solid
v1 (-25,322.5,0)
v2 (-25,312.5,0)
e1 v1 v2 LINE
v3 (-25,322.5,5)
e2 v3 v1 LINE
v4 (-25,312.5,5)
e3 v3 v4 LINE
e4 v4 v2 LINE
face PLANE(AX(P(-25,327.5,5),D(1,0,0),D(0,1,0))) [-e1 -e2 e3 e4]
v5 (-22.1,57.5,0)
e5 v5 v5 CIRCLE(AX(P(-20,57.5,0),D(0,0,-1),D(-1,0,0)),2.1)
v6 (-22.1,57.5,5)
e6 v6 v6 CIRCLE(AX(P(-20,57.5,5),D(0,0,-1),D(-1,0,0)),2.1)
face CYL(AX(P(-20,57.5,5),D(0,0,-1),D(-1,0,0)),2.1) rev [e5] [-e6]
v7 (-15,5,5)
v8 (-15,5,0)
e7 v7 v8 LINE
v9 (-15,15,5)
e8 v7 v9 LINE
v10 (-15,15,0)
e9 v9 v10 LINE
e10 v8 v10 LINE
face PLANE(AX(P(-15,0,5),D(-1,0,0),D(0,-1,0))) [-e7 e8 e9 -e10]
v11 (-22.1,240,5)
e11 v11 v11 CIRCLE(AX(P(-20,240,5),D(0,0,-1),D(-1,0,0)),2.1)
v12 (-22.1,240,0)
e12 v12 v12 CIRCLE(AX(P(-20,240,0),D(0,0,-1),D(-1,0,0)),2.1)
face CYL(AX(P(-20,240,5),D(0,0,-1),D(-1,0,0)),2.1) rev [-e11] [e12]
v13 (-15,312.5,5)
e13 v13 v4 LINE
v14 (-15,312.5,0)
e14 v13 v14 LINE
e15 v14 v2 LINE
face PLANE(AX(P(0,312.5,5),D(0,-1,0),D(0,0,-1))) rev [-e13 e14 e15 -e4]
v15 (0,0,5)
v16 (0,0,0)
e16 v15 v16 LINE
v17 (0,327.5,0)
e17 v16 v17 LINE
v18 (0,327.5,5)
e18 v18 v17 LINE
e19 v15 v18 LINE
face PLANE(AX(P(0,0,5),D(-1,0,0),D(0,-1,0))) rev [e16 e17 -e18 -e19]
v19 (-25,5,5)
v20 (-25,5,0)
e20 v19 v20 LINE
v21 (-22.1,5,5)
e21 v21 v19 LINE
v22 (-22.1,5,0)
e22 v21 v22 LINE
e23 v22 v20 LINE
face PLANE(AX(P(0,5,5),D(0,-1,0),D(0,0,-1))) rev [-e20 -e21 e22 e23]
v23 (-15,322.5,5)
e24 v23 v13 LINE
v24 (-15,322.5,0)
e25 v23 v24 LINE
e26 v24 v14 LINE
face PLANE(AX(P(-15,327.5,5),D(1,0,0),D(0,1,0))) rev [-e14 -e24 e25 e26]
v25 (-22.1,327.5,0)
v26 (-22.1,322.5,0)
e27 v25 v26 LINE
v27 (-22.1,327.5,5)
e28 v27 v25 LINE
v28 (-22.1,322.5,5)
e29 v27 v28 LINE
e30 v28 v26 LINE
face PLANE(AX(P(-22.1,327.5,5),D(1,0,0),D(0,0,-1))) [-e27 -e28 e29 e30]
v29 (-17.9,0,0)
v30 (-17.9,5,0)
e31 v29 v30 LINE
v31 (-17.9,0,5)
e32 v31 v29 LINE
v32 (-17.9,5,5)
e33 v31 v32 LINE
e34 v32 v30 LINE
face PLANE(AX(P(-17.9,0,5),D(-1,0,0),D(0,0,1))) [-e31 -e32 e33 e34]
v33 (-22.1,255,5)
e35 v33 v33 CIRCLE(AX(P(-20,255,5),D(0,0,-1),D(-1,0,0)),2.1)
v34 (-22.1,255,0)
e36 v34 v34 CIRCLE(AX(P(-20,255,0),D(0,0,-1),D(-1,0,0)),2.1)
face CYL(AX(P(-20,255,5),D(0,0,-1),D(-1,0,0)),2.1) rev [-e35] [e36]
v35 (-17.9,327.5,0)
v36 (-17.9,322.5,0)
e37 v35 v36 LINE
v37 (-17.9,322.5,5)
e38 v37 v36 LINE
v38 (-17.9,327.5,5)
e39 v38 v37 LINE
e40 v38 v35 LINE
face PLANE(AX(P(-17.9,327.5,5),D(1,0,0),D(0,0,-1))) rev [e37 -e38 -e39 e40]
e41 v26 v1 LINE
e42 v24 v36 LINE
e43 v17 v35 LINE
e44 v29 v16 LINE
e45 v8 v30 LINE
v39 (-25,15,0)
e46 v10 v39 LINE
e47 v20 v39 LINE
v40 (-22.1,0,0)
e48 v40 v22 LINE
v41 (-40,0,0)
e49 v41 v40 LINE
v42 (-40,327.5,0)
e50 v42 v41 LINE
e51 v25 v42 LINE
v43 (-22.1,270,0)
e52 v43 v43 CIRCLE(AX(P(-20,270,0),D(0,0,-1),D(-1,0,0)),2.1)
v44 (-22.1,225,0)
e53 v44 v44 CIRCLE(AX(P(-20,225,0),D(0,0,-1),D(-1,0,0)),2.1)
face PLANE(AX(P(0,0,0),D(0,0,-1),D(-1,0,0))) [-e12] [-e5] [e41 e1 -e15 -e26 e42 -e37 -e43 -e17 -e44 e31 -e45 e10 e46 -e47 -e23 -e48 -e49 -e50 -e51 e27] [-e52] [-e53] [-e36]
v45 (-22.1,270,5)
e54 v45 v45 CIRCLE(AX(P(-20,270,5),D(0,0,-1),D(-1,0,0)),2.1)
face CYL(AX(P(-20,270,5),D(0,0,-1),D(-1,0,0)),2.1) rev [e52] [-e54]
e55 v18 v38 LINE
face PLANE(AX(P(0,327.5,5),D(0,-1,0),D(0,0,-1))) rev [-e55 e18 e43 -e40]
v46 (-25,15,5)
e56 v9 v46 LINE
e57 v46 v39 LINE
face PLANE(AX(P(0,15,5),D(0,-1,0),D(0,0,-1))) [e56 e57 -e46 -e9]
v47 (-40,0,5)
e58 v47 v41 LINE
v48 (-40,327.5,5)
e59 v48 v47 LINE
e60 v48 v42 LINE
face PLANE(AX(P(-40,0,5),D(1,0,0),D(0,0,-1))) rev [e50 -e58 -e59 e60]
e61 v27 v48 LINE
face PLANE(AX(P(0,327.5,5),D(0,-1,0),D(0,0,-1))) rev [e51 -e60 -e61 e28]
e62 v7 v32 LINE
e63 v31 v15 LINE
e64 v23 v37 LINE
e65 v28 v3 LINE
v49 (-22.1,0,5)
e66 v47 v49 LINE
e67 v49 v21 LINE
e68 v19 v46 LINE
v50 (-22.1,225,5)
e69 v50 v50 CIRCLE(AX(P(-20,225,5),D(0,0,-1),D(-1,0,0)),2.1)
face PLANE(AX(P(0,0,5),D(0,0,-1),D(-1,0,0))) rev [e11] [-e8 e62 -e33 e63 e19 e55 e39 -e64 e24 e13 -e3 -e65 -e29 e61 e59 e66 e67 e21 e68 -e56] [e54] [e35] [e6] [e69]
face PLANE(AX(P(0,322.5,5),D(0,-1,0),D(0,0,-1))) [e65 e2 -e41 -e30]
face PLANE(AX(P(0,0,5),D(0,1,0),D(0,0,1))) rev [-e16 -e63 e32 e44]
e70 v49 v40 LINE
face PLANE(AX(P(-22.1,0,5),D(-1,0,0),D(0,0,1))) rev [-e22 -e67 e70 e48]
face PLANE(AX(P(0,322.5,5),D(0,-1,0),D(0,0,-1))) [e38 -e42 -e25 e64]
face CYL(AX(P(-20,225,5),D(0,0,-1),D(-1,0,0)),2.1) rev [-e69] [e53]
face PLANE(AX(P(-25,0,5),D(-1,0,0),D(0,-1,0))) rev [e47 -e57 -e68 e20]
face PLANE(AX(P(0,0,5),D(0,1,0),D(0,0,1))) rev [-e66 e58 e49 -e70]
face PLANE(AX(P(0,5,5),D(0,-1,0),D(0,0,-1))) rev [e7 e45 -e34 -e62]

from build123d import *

# Parameters (mm, degrees)
SKETCH1_W           = 40
SKETCH1_H           = 327.5
BOSS_EXTRUDE1_DEPTH = 5
SKETCH2_R           = 2.1
CUT_EXTRUDE1_DEPTH  = 5
CUT_EXTRUDE2_DEPTH  = 5


with BuildPart() as part:
    # Sketch1 → Boss-Extrude1 (new body)
    with BuildSketch(Plane.XY):
        with Locations((-20, 163.75)):
            Rectangle(SKETCH1_W, SKETCH1_H)
    extrude(amount=BOSS_EXTRUDE1_DEPTH)

    # Sketch2 → Cut-Extrude1 (cut)
    with BuildSketch(Plane(origin=(0, 0, 0), x_dir=(-1, 0, 0), z_dir=(0, 0, -1))):
        with Locations((20, 57.5)):
            Circle(SKETCH2_R)
        with Locations((20, 270)):
            Circle(SKETCH2_R)
        with Locations((20, 255)):
            Circle(SKETCH2_R)
        with Locations((20, 240)):
            Circle(SKETCH2_R)
        with Locations((20, 225)):
            Circle(SKETCH2_R)
    extrude(amount=-CUT_EXTRUDE1_DEPTH, mode=Mode.SUBTRACT)

    # Sketch3 → Cut-Extrude2 (cut)
    with BuildSketch(Plane(origin=(0, 0, 0), x_dir=(-1, 0, 0), z_dir=(0, 0, -1))):
        Polygon((17.9, 0), (22.1, 0), (22.1, 5), (25, 5), (25, 15), (15, 15), (15, 5), (17.9, 5), align=None)
    cut_extrude2 = extrude(amount=-CUT_EXTRUDE2_DEPTH, mode=Mode.SUBTRACT)

    # Mirror1: Cut-Extrude2 across plane
    add(cut_extrude2.mirror(Plane.ZX.offset(163.75)), mode=Mode.SUBTRACT)


solid = part.part
